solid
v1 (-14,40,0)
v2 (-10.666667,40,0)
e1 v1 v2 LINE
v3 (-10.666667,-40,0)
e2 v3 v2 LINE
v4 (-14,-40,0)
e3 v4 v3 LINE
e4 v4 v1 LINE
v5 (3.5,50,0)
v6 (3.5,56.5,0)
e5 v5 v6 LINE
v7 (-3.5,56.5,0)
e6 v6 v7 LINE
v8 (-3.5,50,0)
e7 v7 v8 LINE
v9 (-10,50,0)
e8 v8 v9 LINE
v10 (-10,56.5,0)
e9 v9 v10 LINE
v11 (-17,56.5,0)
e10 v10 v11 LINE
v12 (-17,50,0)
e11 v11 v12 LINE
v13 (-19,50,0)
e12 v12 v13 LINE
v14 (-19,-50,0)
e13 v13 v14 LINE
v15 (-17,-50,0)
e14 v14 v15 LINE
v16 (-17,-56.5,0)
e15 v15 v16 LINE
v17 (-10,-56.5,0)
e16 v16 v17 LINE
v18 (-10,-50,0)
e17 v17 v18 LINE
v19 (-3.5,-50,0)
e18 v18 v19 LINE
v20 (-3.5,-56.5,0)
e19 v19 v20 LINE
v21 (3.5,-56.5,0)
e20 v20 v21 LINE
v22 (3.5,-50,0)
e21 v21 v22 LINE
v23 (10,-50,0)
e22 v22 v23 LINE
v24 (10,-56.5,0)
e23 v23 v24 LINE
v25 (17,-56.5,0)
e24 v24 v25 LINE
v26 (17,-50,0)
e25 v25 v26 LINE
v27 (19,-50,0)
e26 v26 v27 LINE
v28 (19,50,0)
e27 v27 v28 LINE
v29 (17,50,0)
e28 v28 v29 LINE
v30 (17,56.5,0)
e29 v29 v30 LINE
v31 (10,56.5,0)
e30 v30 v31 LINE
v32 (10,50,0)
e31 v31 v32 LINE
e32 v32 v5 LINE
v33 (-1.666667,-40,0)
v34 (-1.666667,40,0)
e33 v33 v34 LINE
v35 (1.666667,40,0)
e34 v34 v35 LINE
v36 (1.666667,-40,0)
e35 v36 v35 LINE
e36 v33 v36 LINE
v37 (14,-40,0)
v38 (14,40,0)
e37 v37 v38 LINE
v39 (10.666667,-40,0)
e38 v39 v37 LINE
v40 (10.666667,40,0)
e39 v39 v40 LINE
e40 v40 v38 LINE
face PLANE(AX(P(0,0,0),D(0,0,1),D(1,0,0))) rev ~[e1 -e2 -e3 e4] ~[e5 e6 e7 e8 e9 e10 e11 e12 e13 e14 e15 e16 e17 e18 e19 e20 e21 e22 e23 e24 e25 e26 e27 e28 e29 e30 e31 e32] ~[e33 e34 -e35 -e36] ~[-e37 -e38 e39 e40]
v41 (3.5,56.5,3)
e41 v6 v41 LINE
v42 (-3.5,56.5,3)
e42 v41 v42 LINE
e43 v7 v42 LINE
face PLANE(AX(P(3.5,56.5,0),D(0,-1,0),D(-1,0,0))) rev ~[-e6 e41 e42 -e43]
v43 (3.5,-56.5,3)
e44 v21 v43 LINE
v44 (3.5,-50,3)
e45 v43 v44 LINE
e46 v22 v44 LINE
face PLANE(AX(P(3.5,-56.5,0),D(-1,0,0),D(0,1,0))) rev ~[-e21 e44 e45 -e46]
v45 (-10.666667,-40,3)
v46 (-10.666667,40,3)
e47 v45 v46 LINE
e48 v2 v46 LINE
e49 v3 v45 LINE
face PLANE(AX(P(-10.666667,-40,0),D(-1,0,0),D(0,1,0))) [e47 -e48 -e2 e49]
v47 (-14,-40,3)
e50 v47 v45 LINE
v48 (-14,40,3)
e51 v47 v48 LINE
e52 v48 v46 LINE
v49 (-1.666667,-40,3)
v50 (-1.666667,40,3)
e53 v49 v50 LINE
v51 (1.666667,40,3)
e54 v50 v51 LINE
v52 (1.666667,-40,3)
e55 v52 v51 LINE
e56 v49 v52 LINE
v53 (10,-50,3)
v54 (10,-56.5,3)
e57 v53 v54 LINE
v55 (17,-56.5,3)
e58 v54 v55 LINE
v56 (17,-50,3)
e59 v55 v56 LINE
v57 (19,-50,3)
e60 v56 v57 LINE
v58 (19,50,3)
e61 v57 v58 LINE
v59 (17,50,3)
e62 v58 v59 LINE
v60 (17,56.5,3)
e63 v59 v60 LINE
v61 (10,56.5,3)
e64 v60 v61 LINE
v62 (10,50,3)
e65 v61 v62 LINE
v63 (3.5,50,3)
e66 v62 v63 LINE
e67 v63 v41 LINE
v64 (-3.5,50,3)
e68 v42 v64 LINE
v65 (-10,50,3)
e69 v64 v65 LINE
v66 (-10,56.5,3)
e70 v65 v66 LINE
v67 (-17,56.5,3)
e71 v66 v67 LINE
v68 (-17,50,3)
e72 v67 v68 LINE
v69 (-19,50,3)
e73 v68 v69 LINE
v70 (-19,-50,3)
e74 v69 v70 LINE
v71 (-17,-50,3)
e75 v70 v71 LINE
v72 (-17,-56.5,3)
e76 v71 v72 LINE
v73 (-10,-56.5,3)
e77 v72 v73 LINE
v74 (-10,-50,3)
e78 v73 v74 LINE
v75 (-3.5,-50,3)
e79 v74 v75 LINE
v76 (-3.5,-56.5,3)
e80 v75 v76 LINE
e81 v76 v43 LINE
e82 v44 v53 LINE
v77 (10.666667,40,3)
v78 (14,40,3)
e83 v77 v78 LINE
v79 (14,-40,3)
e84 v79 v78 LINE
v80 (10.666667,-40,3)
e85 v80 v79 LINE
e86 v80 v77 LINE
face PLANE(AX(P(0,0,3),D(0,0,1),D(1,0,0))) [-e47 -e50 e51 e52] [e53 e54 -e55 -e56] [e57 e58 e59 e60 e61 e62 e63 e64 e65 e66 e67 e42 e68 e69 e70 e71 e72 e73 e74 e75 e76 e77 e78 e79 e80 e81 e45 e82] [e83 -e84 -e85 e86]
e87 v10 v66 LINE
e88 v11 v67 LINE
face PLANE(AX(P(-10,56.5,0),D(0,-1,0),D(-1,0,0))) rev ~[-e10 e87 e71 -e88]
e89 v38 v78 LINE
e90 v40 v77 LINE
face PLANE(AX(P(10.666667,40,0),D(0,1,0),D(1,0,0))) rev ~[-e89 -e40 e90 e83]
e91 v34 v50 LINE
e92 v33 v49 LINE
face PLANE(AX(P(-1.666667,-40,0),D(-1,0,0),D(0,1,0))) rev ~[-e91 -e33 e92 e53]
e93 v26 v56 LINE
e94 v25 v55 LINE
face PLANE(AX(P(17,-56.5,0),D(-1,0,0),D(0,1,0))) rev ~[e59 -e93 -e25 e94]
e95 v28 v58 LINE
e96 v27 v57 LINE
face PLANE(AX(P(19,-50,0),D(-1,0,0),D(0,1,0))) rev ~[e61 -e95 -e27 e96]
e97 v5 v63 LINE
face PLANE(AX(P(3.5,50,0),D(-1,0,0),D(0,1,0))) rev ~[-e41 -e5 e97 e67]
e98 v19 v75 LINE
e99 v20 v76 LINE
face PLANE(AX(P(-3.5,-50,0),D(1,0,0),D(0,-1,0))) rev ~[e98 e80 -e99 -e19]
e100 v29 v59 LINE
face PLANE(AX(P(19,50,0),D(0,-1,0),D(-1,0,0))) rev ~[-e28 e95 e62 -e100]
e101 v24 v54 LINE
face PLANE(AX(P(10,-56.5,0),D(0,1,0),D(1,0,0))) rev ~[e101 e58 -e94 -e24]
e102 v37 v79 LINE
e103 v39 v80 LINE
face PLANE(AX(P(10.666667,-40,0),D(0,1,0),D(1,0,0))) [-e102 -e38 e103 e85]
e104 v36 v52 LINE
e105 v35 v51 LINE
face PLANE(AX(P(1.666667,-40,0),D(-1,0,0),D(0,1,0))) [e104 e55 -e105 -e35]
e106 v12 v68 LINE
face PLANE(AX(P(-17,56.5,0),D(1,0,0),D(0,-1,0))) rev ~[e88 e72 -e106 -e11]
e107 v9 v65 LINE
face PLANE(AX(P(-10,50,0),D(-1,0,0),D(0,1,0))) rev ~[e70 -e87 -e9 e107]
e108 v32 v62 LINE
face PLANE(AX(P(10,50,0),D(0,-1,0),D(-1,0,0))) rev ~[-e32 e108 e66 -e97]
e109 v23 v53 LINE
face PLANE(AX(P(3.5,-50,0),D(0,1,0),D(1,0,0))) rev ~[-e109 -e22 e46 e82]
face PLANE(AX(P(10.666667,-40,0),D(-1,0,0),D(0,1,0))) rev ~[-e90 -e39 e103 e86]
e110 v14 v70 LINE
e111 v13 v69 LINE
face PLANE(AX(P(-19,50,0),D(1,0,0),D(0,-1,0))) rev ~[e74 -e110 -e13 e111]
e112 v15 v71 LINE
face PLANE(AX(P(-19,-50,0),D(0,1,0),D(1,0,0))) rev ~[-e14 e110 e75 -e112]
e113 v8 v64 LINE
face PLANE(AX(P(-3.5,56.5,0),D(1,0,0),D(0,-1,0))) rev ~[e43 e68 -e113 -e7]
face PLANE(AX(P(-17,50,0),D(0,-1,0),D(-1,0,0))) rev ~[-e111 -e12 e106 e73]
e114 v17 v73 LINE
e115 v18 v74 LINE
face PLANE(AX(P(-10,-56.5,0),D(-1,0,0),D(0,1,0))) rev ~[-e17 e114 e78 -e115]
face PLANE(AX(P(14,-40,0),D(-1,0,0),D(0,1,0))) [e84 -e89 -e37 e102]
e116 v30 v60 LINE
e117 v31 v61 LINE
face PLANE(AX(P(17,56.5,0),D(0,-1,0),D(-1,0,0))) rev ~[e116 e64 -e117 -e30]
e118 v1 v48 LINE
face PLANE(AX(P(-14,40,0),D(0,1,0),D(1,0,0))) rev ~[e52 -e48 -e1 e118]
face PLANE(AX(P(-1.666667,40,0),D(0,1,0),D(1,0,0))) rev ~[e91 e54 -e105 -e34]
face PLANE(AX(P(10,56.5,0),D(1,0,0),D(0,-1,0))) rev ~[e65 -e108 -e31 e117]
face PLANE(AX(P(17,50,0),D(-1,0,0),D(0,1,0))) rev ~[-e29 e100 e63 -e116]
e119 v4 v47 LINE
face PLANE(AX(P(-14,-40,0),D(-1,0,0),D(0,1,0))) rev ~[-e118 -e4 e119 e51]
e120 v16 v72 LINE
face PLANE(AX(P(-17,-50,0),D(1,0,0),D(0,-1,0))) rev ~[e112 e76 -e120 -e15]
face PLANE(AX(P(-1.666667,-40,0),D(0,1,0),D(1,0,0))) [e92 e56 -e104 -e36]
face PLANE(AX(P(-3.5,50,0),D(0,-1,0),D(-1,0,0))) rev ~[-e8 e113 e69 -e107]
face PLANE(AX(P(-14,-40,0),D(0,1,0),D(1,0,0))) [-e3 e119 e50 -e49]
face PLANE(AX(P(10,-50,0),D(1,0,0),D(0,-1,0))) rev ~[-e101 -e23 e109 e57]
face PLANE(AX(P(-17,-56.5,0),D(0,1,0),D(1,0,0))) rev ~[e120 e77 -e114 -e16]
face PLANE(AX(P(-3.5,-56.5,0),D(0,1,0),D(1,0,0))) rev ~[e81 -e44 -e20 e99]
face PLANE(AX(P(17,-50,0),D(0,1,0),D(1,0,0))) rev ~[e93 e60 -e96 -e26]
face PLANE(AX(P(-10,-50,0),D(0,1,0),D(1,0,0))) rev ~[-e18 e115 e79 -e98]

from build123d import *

# Parameters (mm, degrees)
SKETCH_1_W      = 3.333333333
SKETCH_1_H      = 80
SKETCH_1_W_2    = 3.333333334
EXTRUDE_1_DEPTH = 3


with BuildPart() as part:
    # 草图1 → 凸台-拉伸1 (new body)
    with BuildSketch(Plane.XY):
        Polygon((-17, 56.5), (-17, 50), (-19, 50), (-19, -50), (-17, -50), (-17, -56.5), (-10, -56.5), (-10, -50), (-3.5, -50), (-3.5, -56.5), (3.5, -56.5), (3.5, -50), (10, -50), (10, -56.5), (17, -56.5), (17, -50), (19, -50), (19, 50), (17, 50), (17, 56.5), (10, 56.5), (10, 50), (3.5, 50), (3.5, 56.5), (-3.5, 56.5), (-3.5, 50), (-10, 50), (-10, 56.5), align=None)
        with Locations((12.333333334, 0)):
            Rectangle(SKETCH_1_W, SKETCH_1_H, mode=Mode.SUBTRACT)
        with Locations((-12.333333334, 0)):
            Rectangle(SKETCH_1_W, SKETCH_1_H, mode=Mode.SUBTRACT)
        Rectangle(SKETCH_1_W_2, SKETCH_1_H, mode=Mode.SUBTRACT)
    extrude(amount=EXTRUDE_1_DEPTH)


solid = part.part
